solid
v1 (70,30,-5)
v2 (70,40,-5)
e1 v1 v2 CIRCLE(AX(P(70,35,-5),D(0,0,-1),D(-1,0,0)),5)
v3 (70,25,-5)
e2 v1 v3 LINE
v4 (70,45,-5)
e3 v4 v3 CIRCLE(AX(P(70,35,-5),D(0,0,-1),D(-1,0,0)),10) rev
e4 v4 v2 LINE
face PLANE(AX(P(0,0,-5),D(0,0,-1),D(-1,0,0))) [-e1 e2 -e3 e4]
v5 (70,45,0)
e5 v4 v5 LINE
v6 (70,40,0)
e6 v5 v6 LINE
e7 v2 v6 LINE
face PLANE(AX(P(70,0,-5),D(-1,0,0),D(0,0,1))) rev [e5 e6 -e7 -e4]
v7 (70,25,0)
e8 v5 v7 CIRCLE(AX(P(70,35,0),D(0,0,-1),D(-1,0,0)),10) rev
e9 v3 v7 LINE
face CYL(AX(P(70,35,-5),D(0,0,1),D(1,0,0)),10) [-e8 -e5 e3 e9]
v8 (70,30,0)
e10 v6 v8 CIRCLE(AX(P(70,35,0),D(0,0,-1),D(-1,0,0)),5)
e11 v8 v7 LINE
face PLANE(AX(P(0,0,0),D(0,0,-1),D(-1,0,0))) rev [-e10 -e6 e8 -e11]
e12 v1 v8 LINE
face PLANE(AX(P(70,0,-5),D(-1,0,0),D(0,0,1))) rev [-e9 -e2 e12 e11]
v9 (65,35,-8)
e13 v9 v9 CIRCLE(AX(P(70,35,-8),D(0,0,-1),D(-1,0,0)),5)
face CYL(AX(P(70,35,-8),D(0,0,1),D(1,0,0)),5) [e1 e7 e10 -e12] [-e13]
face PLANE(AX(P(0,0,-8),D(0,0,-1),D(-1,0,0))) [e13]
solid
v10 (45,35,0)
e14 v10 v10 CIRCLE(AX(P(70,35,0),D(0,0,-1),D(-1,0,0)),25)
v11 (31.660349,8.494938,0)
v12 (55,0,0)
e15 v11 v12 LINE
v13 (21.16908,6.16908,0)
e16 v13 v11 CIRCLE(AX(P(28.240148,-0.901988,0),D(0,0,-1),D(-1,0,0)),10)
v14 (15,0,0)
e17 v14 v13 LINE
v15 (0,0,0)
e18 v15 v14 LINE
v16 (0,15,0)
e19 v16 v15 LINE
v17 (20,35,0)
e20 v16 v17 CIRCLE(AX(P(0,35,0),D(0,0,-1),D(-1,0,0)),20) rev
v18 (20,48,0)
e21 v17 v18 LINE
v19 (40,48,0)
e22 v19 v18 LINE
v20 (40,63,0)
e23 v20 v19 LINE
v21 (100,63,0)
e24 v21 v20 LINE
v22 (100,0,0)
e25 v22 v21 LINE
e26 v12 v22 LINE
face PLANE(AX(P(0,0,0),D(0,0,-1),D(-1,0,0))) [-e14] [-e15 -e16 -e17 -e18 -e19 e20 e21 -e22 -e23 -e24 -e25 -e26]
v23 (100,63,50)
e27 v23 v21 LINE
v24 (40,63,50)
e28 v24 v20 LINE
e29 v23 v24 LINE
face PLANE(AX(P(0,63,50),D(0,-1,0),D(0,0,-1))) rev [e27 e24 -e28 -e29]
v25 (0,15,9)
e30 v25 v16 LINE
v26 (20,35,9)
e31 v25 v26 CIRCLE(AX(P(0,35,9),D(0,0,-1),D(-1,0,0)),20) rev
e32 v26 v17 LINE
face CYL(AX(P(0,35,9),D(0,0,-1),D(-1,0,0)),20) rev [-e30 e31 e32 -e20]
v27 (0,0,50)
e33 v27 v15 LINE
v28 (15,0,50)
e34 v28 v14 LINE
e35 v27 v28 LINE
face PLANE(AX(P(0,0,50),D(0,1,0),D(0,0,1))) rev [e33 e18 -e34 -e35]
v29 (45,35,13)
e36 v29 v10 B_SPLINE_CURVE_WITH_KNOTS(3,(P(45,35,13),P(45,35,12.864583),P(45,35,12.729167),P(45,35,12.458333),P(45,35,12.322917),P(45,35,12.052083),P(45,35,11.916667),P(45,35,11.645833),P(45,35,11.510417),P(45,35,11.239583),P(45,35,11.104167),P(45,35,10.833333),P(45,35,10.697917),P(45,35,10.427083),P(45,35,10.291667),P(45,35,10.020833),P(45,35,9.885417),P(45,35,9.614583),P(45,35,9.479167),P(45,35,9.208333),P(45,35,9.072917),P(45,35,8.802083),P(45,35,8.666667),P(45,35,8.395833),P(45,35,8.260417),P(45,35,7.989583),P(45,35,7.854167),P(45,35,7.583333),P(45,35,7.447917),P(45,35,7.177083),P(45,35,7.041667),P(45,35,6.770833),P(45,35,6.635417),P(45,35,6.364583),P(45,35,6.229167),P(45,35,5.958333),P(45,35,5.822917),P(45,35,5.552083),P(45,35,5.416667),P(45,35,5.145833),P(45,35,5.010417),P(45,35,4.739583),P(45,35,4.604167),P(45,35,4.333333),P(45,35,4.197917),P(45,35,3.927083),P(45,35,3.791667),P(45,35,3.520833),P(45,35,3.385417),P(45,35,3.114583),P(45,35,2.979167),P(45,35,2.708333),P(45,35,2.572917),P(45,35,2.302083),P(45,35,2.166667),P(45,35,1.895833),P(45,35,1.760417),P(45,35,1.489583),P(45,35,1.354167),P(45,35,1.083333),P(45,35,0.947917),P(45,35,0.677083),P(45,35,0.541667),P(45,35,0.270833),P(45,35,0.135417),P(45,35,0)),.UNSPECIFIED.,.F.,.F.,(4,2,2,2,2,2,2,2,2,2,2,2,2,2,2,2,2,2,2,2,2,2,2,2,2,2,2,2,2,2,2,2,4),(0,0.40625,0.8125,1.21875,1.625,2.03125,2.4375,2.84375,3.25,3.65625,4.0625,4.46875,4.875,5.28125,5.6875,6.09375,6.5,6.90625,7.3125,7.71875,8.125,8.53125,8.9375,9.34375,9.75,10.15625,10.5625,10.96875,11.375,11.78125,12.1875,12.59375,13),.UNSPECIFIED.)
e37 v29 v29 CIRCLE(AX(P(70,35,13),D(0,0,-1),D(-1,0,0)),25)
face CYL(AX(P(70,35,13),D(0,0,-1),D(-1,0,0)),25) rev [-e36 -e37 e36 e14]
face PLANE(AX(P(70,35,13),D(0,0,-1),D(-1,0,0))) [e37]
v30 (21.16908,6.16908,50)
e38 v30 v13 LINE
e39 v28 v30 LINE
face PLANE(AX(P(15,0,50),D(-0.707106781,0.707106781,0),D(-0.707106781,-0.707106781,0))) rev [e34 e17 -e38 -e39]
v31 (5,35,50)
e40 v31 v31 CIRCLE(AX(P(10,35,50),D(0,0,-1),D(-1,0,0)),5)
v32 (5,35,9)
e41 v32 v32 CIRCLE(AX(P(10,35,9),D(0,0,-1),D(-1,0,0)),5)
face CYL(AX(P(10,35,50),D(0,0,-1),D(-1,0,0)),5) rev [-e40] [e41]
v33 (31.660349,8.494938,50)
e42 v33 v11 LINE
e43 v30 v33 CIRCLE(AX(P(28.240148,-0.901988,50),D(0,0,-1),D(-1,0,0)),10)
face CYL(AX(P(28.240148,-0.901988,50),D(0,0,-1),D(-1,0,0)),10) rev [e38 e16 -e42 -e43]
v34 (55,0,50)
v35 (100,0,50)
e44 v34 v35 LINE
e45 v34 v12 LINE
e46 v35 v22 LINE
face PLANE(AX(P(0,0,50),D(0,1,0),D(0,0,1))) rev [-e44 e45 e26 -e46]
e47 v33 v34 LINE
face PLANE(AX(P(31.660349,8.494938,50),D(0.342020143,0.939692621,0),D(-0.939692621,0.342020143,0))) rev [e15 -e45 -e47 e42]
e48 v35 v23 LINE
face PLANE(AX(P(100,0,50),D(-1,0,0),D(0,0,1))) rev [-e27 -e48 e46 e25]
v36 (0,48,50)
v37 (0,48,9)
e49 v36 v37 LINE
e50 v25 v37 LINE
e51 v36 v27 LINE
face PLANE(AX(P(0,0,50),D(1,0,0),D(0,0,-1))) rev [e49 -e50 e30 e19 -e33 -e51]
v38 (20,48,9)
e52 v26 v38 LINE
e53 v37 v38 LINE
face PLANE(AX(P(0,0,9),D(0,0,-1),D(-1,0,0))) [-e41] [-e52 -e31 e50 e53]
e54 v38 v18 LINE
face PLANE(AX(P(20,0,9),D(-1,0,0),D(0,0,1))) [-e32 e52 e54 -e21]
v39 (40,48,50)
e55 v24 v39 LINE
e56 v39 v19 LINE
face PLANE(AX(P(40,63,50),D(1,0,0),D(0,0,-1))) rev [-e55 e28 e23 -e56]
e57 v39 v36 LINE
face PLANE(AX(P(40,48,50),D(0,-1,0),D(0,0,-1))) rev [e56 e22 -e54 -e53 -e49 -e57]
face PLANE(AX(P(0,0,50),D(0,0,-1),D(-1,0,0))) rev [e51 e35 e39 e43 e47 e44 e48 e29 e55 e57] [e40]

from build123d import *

# Parameters (mm, degrees)
SKETCH_1_W          = 100
SKETCH_1_H          = 63
EXTRUDE_1_DEPTH     = 50
SKETCH_2_W          = 40
SKETCH_2_H          = 15
CUT_EXTRUDE_2_DEPTH = 129.33160172
CUT_EXTRUDE_3_DEPTH = 9
SKETCH_3_3_R        = 5
CUT_EXTRUDE_4_DEPTH = 129.33160172
CUT_EXTRUDE_5_DEPTH = 129.33160172
SKETCH_7_R          = 25
CUT_EXTRUDE_6_DEPTH = 13
EXTRUDE_2_DEPTH     = 5
EXTRUDE_3_DEPTH     = 8


with BuildPart() as part:
    # 草圖1 → 填料-伸長1 (new body)
    with BuildSketch(Plane.XY):
        with Locations((50, 31.5)):
            Rectangle(SKETCH_1_W, SKETCH_1_H)
    extrude(amount=EXTRUDE_1_DEPTH)

    # 草圖2 → 除料-伸長2 (cut, through all)
    with BuildSketch(Plane(origin=(0, 0, 0), x_dir=(-1, 0, 0), z_dir=(0, 0, -1))):
        with Locations((-20, 55.5)):
            Rectangle(SKETCH_2_W, SKETCH_2_H)
    extrude(amount=-CUT_EXTRUDE_2_DEPTH, mode=Mode.SUBTRACT)

    # 草圖3 → 除料-伸長3 (cut)
    with BuildSketch(Plane(origin=(0, 0, 0), x_dir=(-1, 0, 0), z_dir=(0, 0, -1))):
        with BuildLine():
            Line((-20, 48), (-20, 35))
            ThreePointArc((-20, 35), (-14.142135624, 20.857864376), (0, 15))
            Line((0, 15), (0, 48))
            Line((0, 48), (-20, 48))
        make_face()
    extrude(amount=-CUT_EXTRUDE_3_DEPTH, mode=Mode.SUBTRACT)

    # 草圖3<3> → 除料-伸長4 (cut, through all)
    with BuildSketch(Plane(origin=(0, 0, 0), x_dir=(-1, 0, 0), z_dir=(0, 0, -1))):
        with Locations((-10, 35)):
            Circle(SKETCH_3_3_R)
    extrude(amount=-CUT_EXTRUDE_4_DEPTH, mode=Mode.SUBTRACT)

    # 草圖6 → 除料-伸長5 (cut, through all)
    with BuildSketch(Plane(origin=(0, 0, 0), x_dir=(-1, 0, 0), z_dir=(0, 0, -1))):
        with BuildLine():
            Line((-15, 0), (-21.169079822, 6.169079822))
            ThreePointArc((-21.169079822, 6.169079822), (-26.075751494, 8.860972081), (-31.660349067, 8.494938218))
            Line((-31.660349067, 8.494938218), (-55, 0))
            Line((-55, 0), (-15, 0))
        make_face()
    extrude(amount=-CUT_EXTRUDE_5_DEPTH, mode=Mode.SUBTRACT)

    # 草圖7 → 除料-伸長6 (cut)
    with BuildSketch(Plane(origin=(0, 0, 0), x_dir=(-1, 0, 0), z_dir=(0, 0, -1))):
        with Locations((-70, 35)):
            Circle(SKETCH_7_R)
    extrude(amount=-CUT_EXTRUDE_6_DEPTH, mode=Mode.SUBTRACT)


with BuildPart() as body_2:
    # 草圖7<3> → 填料-伸長2 (new body)
    with BuildSketch(Plane(origin=(0, 0, 0), x_dir=(-1, 0, 0), z_dir=(0, 0, -1))):
        with BuildLine():
            ThreePointArc((-70, 25), (-60, 35), (-70, 45))
            Line((-70, 45), (-70, 40))
            ThreePointArc((-70, 40), (-66.464466094, 38.535533906), (-65, 35))
            ThreePointArc((-65, 35), (-66.464466094, 31.464466094), (-70, 30))
            Line((-70, 30), (-70, 25))
        make_face()
    extrude(amount=EXTRUDE_2_DEPTH)

    # 草圖7<4> → 填料-伸長3 (add)
    with BuildSketch(Plane(origin=(0, 0, 0), x_dir=(-1, 0, 0), z_dir=(0, 0, -1))):
        with BuildLine():
            ThreePointArc((-65, 35), (-66.464466094, 38.535533906), (-70, 40))
            ThreePointArc((-70, 40), (-75, 35), (-70, 30))
            ThreePointArc((-70, 30), (-66.464466094, 31.464466094), (-65, 35))
        make_face()
    extrude(amount=EXTRUDE_3_DEPTH)


solid = Compound([part.part, body_2.part])
